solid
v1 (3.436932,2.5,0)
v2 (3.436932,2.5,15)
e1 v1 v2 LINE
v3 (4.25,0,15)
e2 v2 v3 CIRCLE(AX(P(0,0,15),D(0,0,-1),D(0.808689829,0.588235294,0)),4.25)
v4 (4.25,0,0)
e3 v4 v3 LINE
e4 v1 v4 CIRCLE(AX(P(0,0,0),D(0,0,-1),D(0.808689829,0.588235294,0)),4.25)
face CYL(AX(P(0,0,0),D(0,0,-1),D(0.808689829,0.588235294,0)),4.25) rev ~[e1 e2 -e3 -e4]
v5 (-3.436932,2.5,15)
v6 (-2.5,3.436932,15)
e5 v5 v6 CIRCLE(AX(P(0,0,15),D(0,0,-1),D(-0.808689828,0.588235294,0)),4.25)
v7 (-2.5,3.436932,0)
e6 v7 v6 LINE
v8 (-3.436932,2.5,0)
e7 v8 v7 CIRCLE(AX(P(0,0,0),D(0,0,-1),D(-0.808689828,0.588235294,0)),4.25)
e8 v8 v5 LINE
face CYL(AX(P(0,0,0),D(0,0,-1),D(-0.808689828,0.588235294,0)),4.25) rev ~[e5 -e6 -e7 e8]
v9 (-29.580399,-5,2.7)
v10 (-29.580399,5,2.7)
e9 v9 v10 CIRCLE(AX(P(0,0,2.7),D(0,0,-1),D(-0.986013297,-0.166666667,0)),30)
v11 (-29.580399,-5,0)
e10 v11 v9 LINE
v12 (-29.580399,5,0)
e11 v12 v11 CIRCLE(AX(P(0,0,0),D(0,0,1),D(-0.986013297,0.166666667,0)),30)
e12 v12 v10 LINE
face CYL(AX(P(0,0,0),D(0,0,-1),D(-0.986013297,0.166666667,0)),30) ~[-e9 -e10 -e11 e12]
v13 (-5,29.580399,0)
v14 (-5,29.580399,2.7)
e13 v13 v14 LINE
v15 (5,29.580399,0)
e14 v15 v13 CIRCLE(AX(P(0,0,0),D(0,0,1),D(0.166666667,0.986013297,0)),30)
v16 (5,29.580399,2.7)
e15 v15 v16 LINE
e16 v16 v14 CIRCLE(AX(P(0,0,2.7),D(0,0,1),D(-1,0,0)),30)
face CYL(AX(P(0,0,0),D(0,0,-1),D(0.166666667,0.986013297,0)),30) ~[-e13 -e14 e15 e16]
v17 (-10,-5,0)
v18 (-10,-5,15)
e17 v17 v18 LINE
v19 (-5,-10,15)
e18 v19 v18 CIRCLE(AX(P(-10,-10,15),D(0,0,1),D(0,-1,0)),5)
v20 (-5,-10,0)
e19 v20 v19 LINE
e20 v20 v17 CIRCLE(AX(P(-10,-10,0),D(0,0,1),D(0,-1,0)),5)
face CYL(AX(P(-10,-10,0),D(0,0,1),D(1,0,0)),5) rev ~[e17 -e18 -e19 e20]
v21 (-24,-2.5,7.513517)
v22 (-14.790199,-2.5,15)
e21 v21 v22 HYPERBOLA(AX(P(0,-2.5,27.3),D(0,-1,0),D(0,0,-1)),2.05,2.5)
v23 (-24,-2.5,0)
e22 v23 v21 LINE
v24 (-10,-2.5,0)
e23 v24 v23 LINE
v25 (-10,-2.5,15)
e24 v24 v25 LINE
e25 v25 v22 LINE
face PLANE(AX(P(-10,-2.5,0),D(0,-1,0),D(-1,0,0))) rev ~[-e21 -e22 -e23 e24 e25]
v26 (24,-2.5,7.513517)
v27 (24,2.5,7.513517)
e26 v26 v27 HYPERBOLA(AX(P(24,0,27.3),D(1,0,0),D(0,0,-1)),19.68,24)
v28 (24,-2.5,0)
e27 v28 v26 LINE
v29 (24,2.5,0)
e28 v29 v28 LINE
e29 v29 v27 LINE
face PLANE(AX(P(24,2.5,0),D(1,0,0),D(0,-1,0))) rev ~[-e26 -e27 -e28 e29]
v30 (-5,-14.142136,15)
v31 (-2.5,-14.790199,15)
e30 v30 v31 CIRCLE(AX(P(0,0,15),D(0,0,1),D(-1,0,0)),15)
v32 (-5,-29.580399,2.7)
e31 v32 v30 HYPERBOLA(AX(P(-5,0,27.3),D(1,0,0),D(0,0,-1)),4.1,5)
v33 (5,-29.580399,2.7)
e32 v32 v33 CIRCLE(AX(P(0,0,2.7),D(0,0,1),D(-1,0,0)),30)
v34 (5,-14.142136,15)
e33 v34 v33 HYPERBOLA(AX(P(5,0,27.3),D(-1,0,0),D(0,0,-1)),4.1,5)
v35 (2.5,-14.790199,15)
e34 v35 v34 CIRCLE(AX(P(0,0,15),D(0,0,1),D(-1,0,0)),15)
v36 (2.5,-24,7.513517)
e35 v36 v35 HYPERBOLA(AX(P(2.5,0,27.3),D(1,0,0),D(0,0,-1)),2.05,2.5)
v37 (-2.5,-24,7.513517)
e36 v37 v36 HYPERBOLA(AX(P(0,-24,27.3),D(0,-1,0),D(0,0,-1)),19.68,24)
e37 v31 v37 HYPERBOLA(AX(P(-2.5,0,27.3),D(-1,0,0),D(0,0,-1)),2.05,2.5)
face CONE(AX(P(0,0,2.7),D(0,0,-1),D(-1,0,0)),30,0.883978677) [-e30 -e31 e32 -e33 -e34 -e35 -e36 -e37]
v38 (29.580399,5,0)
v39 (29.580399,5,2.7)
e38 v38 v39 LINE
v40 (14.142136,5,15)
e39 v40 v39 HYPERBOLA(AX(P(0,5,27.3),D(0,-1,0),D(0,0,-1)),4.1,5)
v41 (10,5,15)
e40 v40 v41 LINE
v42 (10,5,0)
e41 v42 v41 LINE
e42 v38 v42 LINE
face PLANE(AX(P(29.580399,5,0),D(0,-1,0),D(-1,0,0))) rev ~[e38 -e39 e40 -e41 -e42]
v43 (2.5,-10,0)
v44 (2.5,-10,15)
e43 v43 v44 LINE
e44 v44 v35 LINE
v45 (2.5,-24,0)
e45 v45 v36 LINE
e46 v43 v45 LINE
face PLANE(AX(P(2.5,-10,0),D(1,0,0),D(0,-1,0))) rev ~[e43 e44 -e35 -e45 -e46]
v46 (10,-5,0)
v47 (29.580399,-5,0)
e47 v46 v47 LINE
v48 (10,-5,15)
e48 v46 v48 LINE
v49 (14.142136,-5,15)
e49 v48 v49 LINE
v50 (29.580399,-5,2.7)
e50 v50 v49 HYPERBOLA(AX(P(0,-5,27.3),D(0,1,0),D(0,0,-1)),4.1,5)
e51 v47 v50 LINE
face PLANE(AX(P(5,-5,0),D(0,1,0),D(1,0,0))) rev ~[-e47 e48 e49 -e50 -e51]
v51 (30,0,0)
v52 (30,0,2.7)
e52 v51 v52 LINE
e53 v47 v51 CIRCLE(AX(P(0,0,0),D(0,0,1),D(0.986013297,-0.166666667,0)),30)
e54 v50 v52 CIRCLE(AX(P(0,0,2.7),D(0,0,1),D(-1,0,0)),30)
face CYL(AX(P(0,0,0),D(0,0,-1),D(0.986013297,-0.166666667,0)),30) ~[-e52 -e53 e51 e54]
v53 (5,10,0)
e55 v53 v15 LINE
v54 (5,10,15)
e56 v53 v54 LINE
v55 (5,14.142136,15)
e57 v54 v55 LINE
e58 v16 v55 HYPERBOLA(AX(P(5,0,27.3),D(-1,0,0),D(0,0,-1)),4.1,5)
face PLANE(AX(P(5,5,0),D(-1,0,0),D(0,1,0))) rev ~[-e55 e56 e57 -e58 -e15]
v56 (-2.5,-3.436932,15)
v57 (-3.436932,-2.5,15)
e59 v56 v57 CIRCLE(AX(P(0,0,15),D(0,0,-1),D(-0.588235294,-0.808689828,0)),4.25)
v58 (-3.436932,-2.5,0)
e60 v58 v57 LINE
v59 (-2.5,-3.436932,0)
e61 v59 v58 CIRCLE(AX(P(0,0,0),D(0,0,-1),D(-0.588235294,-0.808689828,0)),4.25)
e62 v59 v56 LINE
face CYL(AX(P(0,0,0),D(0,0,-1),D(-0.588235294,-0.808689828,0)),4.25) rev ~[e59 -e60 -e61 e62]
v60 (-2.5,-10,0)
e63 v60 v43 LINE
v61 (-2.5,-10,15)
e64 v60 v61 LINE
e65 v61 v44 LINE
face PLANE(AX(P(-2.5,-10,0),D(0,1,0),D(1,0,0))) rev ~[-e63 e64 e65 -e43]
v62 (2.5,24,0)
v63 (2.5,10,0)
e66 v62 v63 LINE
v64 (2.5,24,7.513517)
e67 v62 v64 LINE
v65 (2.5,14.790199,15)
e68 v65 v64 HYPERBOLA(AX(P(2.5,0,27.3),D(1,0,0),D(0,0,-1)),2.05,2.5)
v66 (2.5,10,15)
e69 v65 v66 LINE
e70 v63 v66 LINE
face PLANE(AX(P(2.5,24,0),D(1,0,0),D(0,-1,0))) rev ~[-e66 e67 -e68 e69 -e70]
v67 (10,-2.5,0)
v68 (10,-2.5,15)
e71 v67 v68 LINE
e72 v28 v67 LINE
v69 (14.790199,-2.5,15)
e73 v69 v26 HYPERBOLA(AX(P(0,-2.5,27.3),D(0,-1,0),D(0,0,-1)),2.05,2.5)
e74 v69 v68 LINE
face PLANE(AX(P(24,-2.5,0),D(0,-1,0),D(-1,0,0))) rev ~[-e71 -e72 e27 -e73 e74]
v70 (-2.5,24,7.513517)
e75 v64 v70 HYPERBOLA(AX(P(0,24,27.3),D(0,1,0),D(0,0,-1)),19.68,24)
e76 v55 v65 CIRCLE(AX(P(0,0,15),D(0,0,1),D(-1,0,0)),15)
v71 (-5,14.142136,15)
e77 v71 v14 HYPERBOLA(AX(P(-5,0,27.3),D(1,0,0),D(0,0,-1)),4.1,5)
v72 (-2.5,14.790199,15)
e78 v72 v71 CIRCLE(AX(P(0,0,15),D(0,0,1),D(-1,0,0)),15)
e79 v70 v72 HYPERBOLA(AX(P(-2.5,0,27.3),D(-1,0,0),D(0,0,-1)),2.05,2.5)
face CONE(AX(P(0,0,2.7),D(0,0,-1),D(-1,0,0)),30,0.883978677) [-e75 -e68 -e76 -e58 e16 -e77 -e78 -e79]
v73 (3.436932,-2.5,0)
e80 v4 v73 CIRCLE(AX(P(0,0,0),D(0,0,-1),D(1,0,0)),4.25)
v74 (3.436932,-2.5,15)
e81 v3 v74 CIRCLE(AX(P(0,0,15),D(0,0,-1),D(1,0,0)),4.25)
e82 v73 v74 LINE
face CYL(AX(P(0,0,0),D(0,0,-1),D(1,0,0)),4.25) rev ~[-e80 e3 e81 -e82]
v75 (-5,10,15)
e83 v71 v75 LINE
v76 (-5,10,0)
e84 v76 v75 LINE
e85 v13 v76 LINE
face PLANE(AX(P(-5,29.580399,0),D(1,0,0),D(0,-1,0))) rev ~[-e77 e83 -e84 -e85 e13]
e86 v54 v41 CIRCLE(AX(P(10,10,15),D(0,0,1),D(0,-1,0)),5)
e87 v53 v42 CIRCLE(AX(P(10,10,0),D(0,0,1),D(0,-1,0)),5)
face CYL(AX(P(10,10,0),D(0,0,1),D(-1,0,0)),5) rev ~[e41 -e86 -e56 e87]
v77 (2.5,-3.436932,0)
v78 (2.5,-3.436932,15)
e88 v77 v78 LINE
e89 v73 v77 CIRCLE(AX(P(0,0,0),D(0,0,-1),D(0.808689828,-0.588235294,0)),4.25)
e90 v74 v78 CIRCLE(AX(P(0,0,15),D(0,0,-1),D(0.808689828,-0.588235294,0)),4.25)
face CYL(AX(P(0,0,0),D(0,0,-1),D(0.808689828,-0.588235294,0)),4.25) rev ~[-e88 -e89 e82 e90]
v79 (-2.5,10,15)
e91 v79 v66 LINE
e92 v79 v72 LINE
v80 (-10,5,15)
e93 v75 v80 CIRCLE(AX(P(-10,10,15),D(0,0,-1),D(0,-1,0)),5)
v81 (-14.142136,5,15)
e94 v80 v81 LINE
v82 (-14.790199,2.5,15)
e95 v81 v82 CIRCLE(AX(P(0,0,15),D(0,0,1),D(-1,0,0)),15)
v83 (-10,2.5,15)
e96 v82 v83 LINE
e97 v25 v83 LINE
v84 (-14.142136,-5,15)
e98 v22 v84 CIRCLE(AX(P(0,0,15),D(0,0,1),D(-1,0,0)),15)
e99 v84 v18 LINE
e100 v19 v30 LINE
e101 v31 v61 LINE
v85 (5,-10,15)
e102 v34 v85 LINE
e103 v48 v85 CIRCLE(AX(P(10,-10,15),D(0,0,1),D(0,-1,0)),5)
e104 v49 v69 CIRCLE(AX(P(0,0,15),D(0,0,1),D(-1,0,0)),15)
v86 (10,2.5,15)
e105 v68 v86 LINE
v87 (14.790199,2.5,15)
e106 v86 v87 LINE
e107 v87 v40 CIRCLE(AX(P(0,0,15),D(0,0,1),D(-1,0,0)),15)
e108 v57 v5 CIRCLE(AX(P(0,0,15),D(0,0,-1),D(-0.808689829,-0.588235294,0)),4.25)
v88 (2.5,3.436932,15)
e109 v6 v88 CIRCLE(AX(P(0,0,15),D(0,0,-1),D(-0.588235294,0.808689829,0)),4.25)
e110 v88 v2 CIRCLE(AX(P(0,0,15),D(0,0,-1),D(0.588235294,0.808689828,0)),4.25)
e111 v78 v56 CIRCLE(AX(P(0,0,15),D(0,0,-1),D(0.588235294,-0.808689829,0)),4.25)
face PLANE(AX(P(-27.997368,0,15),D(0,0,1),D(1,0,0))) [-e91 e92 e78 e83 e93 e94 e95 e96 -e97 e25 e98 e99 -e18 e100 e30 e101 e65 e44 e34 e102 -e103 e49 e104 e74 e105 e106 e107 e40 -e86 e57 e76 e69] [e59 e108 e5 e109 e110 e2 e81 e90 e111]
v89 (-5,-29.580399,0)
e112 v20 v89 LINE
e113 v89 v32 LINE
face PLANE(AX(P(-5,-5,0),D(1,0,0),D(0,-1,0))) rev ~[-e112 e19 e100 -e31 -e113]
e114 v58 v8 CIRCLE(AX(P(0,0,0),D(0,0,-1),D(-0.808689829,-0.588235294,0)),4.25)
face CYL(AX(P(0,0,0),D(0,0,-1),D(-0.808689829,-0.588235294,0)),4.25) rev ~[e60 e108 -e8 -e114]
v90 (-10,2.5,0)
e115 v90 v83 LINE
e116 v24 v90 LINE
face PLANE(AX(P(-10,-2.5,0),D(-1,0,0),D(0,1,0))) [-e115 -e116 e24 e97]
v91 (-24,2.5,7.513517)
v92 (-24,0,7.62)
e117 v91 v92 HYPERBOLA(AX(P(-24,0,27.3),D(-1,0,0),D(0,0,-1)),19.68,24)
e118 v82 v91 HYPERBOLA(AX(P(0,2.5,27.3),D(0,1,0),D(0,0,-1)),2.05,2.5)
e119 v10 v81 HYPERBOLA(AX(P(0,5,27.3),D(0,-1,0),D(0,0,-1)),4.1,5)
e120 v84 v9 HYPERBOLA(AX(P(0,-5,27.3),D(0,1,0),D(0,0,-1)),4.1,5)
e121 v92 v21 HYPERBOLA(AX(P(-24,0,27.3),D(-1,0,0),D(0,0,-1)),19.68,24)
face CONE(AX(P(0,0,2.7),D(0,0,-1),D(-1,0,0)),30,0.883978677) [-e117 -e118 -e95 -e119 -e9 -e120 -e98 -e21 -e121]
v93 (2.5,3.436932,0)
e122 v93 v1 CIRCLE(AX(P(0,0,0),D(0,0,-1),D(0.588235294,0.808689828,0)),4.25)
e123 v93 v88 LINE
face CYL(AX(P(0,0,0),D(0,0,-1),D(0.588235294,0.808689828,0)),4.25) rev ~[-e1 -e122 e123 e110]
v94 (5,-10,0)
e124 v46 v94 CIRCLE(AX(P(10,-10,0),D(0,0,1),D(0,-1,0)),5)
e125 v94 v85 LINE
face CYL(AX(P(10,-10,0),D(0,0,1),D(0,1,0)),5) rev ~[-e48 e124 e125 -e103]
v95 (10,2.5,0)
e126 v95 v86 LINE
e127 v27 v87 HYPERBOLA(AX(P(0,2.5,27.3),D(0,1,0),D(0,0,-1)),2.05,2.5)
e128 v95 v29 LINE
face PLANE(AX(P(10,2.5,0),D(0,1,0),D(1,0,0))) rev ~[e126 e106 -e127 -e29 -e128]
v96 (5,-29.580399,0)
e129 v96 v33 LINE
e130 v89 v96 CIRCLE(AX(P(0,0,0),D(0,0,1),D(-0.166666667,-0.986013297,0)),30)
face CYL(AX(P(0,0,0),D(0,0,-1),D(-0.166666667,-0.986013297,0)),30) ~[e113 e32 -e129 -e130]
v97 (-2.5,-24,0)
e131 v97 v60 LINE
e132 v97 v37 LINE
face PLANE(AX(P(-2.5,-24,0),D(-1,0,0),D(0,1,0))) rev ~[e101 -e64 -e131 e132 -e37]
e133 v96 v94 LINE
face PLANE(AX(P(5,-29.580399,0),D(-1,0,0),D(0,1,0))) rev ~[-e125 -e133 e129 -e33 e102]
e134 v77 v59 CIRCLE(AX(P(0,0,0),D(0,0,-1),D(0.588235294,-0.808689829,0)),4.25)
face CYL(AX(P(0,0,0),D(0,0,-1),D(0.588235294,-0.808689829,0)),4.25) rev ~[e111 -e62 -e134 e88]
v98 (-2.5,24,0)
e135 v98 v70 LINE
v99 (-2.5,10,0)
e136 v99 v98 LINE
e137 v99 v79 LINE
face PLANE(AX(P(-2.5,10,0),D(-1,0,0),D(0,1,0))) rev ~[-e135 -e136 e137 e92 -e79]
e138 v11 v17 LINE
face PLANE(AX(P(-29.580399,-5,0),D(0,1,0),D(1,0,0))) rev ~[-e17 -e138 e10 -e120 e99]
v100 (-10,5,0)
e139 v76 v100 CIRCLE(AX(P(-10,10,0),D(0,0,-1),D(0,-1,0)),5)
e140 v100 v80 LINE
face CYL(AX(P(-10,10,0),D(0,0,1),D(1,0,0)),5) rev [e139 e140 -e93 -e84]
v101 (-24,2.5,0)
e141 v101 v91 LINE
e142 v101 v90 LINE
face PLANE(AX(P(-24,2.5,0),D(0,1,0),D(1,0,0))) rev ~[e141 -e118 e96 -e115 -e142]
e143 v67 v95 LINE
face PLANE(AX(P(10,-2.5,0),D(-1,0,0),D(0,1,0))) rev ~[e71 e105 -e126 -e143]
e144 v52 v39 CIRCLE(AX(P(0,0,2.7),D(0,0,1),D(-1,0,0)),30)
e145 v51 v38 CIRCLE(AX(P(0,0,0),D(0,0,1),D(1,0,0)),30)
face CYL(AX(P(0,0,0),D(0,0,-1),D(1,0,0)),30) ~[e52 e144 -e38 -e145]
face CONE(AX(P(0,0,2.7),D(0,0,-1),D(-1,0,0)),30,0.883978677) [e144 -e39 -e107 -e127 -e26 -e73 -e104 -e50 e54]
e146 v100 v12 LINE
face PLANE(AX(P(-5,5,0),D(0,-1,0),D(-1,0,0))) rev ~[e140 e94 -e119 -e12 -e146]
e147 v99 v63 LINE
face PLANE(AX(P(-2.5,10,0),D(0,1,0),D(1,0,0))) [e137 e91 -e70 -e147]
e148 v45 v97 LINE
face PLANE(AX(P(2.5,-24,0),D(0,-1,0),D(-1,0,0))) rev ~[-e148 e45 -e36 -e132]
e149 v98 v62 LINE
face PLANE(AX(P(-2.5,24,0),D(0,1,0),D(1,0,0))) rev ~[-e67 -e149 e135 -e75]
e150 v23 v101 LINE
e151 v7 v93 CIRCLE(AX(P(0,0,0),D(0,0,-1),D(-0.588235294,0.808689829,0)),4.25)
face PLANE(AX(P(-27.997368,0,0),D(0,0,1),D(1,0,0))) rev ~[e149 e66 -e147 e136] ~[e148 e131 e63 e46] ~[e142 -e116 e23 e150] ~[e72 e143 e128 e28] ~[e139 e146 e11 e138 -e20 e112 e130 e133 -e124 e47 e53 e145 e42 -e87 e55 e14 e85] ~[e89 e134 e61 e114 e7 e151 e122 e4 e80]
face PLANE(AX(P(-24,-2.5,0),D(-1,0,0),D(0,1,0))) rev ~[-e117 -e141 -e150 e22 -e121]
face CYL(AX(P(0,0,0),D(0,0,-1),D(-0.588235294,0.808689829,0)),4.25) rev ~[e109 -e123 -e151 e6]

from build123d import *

# Parameters (mm, degrees)
F1_W     = 5
F1_H     = 2.5
F1_W_2   = 2.5
F1_H_2   = 5
F2_DEPTH = 15
F5_R     = 5


with BuildPart() as f2:
    # F1 (on Top) → F2 (new body)
    with BuildSketch(Plane.XY):
        with BuildLine():
            ThreePointArc((-26.0240273593, -5), (-26.5, 0), (-26.0240273593, 5))
            Line((-26.0240273593, 5), (-29.5803989155, 5))
            ThreePointArc((-29.5803989155, 5), (-30, 0), (-29.5803989155, -5))
            Line((-29.5803989155, -5), (-26.0240273593, -5))
        make_face()
        with BuildLine():
            Line((-24, 2.5), (-10, 2.5))
            Line((-10, 2.5), (-10, 5))
            Line((-10, 5), (-26.0240273593, 5))
            ThreePointArc((-26.0240273593, 5), (-26.5, 0), (-26.0240273593, -5))
            Line((-26.0240273593, -5), (-10, -5))
            Line((-10, -5), (-10, -2.5))
            Line((-10, -2.5), (-24, -2.5))
            Line((-24, -2.5), (-24, 2.5))
        make_face()
        with BuildLine():
            Line((5, -10), (2.5, -10))
            Line((2.5, -10), (2.5, -24))
            Line((2.5, -24), (-2.5, -24))
            Line((-2.5, -24), (-2.5, -10))
            Line((-2.5, -10), (-5, -10))
            Line((-5, -10), (-5, -26.0240273593))
            ThreePointArc((-5, -26.0240273593), (0, -26.5), (5, -26.0240273593))
            Line((5, -26.0240273593), (5, -10))
        make_face()
        with BuildLine():
            Line((10, 5), (10, 2.5))
            Line((10, 2.5), (24, 2.5))
            Line((24, 2.5), (24, -2.5))
            Line((24, -2.5), (10, -2.5))
            Line((10, -2.5), (10, -5))
            Line((10, -5), (26.0240273593, -5))
            ThreePointArc((26.0240273593, -5), (26.3807384755, -2.5113019509), (26.5, 0))
            ThreePointArc((26.5, 0), (26.3807384755, 2.5113019509), (26.0240273593, 5))
            Line((26.0240273593, 5), (10, 5))
        make_face()
        with BuildLine():
            Line((2.5, 24), (2.5, 10))
            Line((2.5, 10), (5, 10))
            Line((5, 10), (5, 26.0240273593))
            ThreePointArc((5, 26.0240273593), (0, 26.5), (-5, 26.0240273593))
            Line((-5, 26.0240273593), (-5, 10))
            Line((-5, 10), (-2.5, 10))
            Line((-2.5, 10), (-2.5, 24))
            Line((-2.5, 24), (2.5, 24))
        make_face()
        with BuildLine():
            ThreePointArc((-5, 26.0240273593), (0, 26.5), (5, 26.0240273593))
            Line((5, 26.0240273593), (5, 29.5803989155))
            ThreePointArc((5, 29.5803989155), (0, 30), (-5, 29.5803989155))
            Line((-5, 29.5803989155), (-5, 26.0240273593))
        make_face()
        with BuildLine():
            Line((29.5803989155, 5), (26.0240273593, 5))
            ThreePointArc((26.0240273593, 5), (26.3807384755, 2.5113019509), (26.5, 0))
            ThreePointArc((26.5, 0), (26.3807384755, -2.5113019509), (26.0240273593, -5))
            Line((26.0240273593, -5), (29.5803989155, -5))
            ThreePointArc((29.5803989155, -5), (29.8949156836, -2.5087878084), (30, 0))
            ThreePointArc((30, 0), (29.8949156836, 2.5087878084), (29.5803989155, 5))
        make_face()
        with BuildLine():
            ThreePointArc((2.5, 3.4369317712), (3.00520382, 3.00520382), (3.4369317712, 2.5))
            Line((3.4369317712, 2.5), (5, 2.5))
            Line((5, 2.5), (5, 5))
            Line((5, 5), (2.5, 5))
            Line((2.5, 5), (2.5, 3.4369317712))
        make_face()
        with BuildLine():
            ThreePointArc((-2.5, 3.4369317712), (0, 4.25), (2.5, 3.4369317712))
            Line((2.5, 3.4369317712), (2.5, 5))
            Line((2.5, 5), (-2.5, 5))
            Line((-2.5, 5), (-2.5, 3.4369317712))
        make_face()
        with BuildLine():
            ThreePointArc((-3.4369317712, 2.5), (-3.00520382, 3.00520382), (-2.5, 3.4369317712))
            Line((-2.5, 3.4369317712), (-2.5, 5))
            Line((-2.5, 5), (-5, 5))
            Line((-5, 5), (-5, 2.5))
            Line((-5, 2.5), (-3.4369317712, 2.5))
        make_face()
        with BuildLine():
            ThreePointArc((-3.4369317712, -2.5), (-4.25, 0), (-3.4369317712, 2.5))
            Line((-3.4369317712, 2.5), (-5, 2.5))
            Line((-5, 2.5), (-5, -2.5))
            Line((-5, -2.5), (-3.4369317712, -2.5))
        make_face()
        with BuildLine():
            Line((-2.5, -5), (-2.5, -3.4369317712))
            ThreePointArc((-2.5, -3.4369317712), (-3.00520382, -3.00520382), (-3.4369317712, -2.5))
            Line((-3.4369317712, -2.5), (-5, -2.5))
            Line((-5, -2.5), (-5, -5))
            Line((-5, -5), (-2.5, -5))
        make_face()
        with BuildLine():
            Line((2.5, -5), (2.5, -3.4369317712))
            ThreePointArc((2.5, -3.4369317712), (0, -4.25), (-2.5, -3.4369317712))
            Line((-2.5, -3.4369317712), (-2.5, -5))
            Line((-2.5, -5), (2.5, -5))
        make_face()
        with BuildLine():
            Line((5, -2.5), (3.4369317712, -2.5))
            ThreePointArc((3.4369317712, -2.5), (3.00520382, -3.00520382), (2.5, -3.4369317712))
            Line((2.5, -3.4369317712), (2.5, -5))
            Line((2.5, -5), (5, -5))
            Line((5, -5), (5, -2.5))
        make_face()
        with BuildLine():
            ThreePointArc((3.4369317712, 2.5), (4.041624675, 1.3144466464), (4.25, 0))
            ThreePointArc((4.25, 0), (4.041624675, -1.3144466464), (3.4369317712, -2.5))
            Line((3.4369317712, -2.5), (5, -2.5))
            Line((5, -2.5), (5, 2.5))
            Line((5, 2.5), (3.4369317712, 2.5))
        make_face()
        with BuildLine():
            Line((5, -29.5803989155), (5, -26.0240273593))
            ThreePointArc((5, -26.0240273593), (0, -26.5), (-5, -26.0240273593))
            Line((-5, -26.0240273593), (-5, -29.5803989155))
            ThreePointArc((-5, -29.5803989155), (0, -30), (5, -29.5803989155))
        make_face()
        with Locations((-7.5, 3.75)):
            Rectangle(F1_W, F1_H)
        with Locations((7.5, 3.75)):
            Rectangle(F1_W, F1_H)
        with Locations((3.75, -7.5)):
            Rectangle(F1_W_2, F1_H_2)
        with Locations((0, -7.5)):
            Rectangle(F1_W, F1_H_2)
        with Locations((-3.75, -7.5)):
            Rectangle(F1_W_2, F1_H_2)
        with Locations((-7.5, -3.75)):
            Rectangle(F1_W, F1_H)
        with Locations((7.5, -3.75)):
            Rectangle(F1_W, F1_H)
        with Locations((3.75, 7.5)):
            Rectangle(F1_W_2, F1_H_2)
        with Locations((0, 7.5)):
            Rectangle(F1_W, F1_H_2)
        with Locations((-7.5, 0)):
            Rectangle(F1_W, F1_H_2)
        with Locations((7.5, 0)):
            Rectangle(F1_W, F1_H_2)
        with Locations((-3.75, 7.5)):
            Rectangle(F1_W_2, F1_H_2)
    extrude(amount=F2_DEPTH)

    # F3 (on Front) → F4 (revolve, cut)
    with BuildSketch(Plane.XZ):
        Polygon((-30, 15), (-30, 2.7), (-15, 15), align=None)
    revolve(axis=Axis((0, 0, 7.5), (0, 0, 1)), mode=Mode.SUBTRACT)

    # F5
    f5_edges = [f2.edges().sort_by_distance(p)[0] for p in [
        (5, 5, 7.5),
        (5, -5, 7.5),
        (-5, -5, 7.5),
        (-5, 5, 7.5),
    ]]
    fillet(f5_edges, radius=F5_R)


solid = f2.part
